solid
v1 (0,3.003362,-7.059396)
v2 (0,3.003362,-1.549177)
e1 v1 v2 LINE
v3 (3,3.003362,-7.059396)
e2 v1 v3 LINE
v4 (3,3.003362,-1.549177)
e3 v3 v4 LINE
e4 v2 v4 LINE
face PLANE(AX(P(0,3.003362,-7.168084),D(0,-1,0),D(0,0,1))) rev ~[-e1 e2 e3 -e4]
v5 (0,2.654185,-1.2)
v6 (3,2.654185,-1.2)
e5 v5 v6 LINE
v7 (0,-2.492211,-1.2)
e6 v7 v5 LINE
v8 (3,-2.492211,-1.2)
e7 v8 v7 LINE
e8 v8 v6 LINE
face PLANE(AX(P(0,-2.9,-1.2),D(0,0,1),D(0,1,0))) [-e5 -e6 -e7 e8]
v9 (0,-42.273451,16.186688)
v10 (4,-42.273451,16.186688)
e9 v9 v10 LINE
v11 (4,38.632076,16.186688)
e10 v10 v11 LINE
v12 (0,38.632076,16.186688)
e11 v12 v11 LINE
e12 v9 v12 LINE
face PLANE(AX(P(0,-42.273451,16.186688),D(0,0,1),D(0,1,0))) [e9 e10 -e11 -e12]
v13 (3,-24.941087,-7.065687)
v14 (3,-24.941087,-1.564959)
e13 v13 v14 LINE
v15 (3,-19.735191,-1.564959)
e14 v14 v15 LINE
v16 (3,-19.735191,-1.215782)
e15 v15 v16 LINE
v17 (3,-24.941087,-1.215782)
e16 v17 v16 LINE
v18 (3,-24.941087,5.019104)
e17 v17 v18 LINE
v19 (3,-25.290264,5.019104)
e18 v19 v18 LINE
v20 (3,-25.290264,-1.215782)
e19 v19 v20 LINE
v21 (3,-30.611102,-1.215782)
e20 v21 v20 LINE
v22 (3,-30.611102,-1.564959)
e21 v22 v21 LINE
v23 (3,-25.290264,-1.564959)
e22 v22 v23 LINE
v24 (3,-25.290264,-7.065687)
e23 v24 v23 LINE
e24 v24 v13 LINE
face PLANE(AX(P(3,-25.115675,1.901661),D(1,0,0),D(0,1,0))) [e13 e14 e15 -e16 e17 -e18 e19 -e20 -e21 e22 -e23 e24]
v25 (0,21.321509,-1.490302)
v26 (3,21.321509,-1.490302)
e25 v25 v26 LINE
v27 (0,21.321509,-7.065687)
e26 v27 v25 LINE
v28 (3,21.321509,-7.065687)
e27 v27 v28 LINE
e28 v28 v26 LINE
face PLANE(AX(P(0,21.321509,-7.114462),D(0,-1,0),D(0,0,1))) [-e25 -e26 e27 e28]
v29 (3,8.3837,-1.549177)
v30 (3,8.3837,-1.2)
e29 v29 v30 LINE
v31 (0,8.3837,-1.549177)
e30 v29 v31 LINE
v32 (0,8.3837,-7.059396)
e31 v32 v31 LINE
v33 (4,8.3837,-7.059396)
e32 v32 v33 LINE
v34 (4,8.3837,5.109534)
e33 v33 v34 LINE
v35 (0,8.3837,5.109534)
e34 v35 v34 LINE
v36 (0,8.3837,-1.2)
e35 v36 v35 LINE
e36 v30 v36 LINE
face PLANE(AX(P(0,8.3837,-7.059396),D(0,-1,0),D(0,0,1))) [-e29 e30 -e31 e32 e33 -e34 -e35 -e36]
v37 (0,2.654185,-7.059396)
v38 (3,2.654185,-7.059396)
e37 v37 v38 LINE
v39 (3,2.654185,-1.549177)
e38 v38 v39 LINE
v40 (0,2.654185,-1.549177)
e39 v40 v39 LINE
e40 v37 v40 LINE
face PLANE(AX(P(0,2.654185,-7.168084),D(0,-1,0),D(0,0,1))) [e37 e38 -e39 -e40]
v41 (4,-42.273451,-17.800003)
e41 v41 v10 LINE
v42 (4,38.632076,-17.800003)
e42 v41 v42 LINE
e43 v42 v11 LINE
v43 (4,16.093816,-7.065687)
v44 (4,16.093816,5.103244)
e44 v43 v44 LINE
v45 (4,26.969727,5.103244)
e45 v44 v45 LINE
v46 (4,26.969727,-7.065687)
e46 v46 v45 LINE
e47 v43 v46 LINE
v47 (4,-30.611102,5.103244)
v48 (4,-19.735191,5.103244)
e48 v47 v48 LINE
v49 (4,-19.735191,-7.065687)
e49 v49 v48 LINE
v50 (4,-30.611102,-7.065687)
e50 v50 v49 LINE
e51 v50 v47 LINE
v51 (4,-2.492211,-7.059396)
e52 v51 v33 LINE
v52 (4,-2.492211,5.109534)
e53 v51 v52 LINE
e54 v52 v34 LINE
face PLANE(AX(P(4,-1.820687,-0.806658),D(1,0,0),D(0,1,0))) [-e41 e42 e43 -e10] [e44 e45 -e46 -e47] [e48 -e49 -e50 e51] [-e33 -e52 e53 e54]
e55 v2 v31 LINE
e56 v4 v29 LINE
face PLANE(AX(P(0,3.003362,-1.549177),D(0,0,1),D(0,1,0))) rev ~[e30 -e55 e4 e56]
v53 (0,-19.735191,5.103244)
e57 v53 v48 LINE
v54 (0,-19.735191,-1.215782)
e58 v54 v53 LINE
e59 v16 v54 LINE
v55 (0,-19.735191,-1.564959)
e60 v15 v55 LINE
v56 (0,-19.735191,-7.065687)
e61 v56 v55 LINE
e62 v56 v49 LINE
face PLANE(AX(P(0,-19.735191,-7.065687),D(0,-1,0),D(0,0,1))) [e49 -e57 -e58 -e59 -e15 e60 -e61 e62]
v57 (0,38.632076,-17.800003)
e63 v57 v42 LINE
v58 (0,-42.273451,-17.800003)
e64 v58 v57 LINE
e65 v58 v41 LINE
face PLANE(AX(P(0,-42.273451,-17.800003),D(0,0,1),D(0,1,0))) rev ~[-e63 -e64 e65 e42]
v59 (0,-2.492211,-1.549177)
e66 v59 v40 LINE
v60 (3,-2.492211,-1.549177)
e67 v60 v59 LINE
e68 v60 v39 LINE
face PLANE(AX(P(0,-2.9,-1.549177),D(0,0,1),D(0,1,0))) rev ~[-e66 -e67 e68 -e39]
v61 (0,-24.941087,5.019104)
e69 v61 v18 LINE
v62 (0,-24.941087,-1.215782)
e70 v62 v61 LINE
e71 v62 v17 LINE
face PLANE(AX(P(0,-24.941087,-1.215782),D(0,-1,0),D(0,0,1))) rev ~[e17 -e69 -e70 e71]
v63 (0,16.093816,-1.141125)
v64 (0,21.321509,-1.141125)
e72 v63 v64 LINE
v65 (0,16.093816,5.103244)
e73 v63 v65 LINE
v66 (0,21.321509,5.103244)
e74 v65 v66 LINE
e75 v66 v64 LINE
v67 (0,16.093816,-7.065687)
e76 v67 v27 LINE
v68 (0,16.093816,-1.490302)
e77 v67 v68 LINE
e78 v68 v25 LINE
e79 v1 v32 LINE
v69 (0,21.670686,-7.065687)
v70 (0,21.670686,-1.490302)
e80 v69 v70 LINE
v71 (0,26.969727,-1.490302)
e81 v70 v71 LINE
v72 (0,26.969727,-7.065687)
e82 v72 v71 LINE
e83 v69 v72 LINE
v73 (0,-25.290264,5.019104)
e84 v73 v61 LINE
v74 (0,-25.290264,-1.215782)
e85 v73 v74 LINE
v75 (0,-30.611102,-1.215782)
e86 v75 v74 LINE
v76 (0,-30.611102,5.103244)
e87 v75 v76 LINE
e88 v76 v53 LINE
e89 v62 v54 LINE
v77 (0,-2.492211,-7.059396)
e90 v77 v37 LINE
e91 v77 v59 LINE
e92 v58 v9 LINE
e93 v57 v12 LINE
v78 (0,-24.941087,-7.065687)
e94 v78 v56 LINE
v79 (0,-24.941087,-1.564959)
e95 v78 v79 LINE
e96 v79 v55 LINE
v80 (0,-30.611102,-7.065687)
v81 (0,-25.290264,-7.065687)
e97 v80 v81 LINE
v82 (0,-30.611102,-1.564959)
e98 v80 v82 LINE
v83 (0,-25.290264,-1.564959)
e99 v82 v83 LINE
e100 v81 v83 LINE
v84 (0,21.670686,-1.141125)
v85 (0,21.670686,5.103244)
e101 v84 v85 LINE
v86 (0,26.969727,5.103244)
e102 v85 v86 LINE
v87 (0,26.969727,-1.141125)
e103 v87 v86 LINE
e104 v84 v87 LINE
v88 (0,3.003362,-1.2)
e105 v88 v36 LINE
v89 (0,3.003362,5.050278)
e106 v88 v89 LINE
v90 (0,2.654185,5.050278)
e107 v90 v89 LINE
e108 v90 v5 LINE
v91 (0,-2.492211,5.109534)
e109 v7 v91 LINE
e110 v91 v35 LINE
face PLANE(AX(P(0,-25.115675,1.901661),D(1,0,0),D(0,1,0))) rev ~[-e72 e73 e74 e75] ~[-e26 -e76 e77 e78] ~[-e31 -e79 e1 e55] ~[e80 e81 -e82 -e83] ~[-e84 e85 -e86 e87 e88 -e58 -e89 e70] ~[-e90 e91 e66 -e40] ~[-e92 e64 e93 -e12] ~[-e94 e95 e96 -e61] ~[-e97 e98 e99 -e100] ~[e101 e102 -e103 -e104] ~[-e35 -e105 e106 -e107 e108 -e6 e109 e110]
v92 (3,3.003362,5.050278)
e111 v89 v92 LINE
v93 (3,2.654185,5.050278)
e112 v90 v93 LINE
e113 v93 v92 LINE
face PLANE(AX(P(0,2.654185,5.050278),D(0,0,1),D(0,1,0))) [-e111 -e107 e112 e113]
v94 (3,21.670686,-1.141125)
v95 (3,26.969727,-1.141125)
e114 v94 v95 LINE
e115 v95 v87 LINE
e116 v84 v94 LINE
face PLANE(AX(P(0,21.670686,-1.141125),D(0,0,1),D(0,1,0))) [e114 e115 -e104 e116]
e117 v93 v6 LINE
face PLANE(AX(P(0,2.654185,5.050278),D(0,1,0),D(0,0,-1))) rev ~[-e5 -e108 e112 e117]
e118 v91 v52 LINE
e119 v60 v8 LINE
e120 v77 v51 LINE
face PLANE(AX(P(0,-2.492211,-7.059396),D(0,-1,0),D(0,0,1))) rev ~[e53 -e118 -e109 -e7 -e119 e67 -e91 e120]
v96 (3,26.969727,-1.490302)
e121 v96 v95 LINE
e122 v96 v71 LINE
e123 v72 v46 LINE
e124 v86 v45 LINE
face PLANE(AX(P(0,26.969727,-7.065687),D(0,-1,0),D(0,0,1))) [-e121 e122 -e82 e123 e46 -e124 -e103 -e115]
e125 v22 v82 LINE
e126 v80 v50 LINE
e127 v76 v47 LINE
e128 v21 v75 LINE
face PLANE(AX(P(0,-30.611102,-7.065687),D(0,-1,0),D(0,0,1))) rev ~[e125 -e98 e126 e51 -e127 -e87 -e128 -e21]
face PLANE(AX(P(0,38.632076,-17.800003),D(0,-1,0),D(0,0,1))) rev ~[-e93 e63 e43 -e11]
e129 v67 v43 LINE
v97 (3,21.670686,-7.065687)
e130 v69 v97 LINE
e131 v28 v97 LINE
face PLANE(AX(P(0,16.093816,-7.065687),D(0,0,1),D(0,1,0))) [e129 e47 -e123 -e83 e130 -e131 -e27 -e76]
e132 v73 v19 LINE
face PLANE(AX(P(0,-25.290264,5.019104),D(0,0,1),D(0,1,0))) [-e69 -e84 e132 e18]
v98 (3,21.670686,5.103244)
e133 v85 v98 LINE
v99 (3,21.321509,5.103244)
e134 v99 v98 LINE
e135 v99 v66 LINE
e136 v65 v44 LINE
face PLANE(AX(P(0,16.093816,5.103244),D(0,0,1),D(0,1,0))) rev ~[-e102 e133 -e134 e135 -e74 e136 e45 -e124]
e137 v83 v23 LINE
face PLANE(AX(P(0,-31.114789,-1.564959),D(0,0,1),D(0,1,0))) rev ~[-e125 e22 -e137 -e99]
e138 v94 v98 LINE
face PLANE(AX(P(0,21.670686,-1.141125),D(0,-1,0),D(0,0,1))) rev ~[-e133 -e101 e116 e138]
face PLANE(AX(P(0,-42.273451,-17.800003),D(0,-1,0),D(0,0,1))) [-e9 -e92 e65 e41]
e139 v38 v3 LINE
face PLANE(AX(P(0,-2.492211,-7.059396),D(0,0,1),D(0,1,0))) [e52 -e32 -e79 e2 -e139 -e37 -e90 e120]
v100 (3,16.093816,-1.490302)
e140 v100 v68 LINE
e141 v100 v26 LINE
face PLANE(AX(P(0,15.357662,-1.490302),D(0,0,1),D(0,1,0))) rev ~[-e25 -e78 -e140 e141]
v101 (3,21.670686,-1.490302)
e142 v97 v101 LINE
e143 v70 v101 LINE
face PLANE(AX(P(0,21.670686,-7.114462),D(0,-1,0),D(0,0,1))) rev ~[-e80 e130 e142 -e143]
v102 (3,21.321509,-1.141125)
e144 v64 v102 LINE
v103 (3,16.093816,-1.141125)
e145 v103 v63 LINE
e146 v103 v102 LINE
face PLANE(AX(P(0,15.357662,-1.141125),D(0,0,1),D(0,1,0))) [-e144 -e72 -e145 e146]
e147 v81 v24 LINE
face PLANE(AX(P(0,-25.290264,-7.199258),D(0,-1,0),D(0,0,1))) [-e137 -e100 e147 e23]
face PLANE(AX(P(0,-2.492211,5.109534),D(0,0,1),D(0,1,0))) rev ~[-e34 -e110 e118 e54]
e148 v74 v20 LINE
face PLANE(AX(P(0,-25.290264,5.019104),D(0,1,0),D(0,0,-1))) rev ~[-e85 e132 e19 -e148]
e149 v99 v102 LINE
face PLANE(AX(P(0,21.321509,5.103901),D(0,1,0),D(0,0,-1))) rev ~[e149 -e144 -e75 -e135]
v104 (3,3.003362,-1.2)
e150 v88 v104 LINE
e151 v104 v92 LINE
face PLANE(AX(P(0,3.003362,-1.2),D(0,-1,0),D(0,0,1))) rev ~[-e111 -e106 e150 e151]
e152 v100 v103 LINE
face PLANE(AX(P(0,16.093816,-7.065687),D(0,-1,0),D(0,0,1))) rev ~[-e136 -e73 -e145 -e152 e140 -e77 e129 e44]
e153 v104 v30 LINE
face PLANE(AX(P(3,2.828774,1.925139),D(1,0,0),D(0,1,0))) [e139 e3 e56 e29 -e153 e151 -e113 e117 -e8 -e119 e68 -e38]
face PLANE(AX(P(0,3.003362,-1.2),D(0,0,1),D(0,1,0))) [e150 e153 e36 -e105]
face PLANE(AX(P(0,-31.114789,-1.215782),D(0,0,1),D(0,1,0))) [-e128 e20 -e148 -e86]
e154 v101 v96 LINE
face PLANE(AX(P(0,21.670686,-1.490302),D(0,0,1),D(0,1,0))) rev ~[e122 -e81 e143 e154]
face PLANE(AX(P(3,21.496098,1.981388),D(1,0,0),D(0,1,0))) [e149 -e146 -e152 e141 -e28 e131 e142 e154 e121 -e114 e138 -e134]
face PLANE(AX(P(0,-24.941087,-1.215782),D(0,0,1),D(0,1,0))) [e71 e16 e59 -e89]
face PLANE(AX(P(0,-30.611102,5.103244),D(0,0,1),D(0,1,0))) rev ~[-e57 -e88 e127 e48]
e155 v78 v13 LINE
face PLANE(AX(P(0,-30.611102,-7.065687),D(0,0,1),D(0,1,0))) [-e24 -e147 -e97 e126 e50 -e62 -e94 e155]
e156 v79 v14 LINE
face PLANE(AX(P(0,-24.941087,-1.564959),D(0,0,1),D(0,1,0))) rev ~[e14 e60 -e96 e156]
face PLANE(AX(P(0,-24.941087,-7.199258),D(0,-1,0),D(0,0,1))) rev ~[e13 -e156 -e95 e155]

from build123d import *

# Parameters (mm, degrees)
F0_W     = 80.9055268764
F0_H     = 33.9866913855
F0_W_2   = 10.8759109862
F0_H_2   = 12.1689303778
F1_DEPTH = 4
F2_W     = 0.3491770476
F2_H     = 6.234886474
F2_H_2   = 0.3491770476
F2_W_2   = 5.8245249093
F2_W_3   = 6.0446602292
F2_H_3   = 5.6342986645
F2_H_4   = 6.2502783258
F2_W_4   = 5.5541850161
F2_W_5   = 6.3150001224
F2_H_5   = 5.6189068127
F2_H_6   = 6.2450254336
F2_W_6   = 5.9638470411
F2_W_7   = 5.9053380974
F2_H_7   = 5.6241597049
F3_DEPTH = 3


with BuildPart() as f1:
    # F0 (on Right) → F1 (new body)
    with BuildSketch(Plane.YZ):
        with Locations((-1.8206872046, -0.8066575974)):
            Rectangle(F0_W, F0_H)
        with Locations((-25.1731462777, -0.9812214412)):
            Rectangle(F0_W_2, F0_H_2, mode=Mode.SUBTRACT)
        with Locations((2.9457443161, -0.9749308228)):
            Rectangle(F0_W_2, F0_H_2, mode=Mode.SUBTRACT)
        with Locations((21.5317718685, -0.9812214412)):
            Rectangle(F0_W_2, F0_H_2, mode=Mode.SUBTRACT)
    extrude(amount=F1_DEPTH)

    # F2 (on Right) → F3 (join)
    with BuildSketch(Plane.YZ):
        with Locations((-25.1156752929, 1.9016608712)):
            Rectangle(F2_W, F2_H)
        with Locations((-25.1156752929, -1.3903708896)):
            Rectangle(F2_W, F2_H_2)
        with Locations((-28.2025262713, -1.3903708896)):
            Rectangle(F2_W_2, F2_H_2)
        with Locations((-21.9187566545, -1.3903708896)):
            Rectangle(F2_W_3, F2_H_2)
        with Locations((-25.1156752929, -4.3821087456)):
            Rectangle(F2_W, F2_H_3)
        with Locations((2.8287735768, 1.9251391059)):
            Rectangle(F2_W, F2_H_4)
        with Locations((2.8287735768, -1.3745885808)):
            Rectangle(F2_W, F2_H_2)
        with Locations((-0.1229074551, -1.3745885808)):
            Rectangle(F2_W_4, F2_H_2)
        with Locations((6.1608621618, -1.3745885808)):
            Rectangle(F2_W_5, F2_H_2)
        with Locations((2.8287735768, -4.358630511)):
            Rectangle(F2_W, F2_H_5)
        with Locations((21.4960975572, 1.9813878462)):
            Rectangle(F2_W, F2_H_6)
        with Locations((21.4960975572, -1.3157133944)):
            Rectangle(F2_W, F2_H_2)
        with Locations((18.3395855129, -1.3157133944)):
            Rectangle(F2_W_6, F2_H_2)
        with Locations((24.6233551297, -1.3157133944)):
            Rectangle(F2_W_7, F2_H_2)
        with Locations((21.4960975572, -4.3023817707)):
            Rectangle(F2_W, F2_H_7)
    extrude(amount=F3_DEPTH)


solid = f1.part
